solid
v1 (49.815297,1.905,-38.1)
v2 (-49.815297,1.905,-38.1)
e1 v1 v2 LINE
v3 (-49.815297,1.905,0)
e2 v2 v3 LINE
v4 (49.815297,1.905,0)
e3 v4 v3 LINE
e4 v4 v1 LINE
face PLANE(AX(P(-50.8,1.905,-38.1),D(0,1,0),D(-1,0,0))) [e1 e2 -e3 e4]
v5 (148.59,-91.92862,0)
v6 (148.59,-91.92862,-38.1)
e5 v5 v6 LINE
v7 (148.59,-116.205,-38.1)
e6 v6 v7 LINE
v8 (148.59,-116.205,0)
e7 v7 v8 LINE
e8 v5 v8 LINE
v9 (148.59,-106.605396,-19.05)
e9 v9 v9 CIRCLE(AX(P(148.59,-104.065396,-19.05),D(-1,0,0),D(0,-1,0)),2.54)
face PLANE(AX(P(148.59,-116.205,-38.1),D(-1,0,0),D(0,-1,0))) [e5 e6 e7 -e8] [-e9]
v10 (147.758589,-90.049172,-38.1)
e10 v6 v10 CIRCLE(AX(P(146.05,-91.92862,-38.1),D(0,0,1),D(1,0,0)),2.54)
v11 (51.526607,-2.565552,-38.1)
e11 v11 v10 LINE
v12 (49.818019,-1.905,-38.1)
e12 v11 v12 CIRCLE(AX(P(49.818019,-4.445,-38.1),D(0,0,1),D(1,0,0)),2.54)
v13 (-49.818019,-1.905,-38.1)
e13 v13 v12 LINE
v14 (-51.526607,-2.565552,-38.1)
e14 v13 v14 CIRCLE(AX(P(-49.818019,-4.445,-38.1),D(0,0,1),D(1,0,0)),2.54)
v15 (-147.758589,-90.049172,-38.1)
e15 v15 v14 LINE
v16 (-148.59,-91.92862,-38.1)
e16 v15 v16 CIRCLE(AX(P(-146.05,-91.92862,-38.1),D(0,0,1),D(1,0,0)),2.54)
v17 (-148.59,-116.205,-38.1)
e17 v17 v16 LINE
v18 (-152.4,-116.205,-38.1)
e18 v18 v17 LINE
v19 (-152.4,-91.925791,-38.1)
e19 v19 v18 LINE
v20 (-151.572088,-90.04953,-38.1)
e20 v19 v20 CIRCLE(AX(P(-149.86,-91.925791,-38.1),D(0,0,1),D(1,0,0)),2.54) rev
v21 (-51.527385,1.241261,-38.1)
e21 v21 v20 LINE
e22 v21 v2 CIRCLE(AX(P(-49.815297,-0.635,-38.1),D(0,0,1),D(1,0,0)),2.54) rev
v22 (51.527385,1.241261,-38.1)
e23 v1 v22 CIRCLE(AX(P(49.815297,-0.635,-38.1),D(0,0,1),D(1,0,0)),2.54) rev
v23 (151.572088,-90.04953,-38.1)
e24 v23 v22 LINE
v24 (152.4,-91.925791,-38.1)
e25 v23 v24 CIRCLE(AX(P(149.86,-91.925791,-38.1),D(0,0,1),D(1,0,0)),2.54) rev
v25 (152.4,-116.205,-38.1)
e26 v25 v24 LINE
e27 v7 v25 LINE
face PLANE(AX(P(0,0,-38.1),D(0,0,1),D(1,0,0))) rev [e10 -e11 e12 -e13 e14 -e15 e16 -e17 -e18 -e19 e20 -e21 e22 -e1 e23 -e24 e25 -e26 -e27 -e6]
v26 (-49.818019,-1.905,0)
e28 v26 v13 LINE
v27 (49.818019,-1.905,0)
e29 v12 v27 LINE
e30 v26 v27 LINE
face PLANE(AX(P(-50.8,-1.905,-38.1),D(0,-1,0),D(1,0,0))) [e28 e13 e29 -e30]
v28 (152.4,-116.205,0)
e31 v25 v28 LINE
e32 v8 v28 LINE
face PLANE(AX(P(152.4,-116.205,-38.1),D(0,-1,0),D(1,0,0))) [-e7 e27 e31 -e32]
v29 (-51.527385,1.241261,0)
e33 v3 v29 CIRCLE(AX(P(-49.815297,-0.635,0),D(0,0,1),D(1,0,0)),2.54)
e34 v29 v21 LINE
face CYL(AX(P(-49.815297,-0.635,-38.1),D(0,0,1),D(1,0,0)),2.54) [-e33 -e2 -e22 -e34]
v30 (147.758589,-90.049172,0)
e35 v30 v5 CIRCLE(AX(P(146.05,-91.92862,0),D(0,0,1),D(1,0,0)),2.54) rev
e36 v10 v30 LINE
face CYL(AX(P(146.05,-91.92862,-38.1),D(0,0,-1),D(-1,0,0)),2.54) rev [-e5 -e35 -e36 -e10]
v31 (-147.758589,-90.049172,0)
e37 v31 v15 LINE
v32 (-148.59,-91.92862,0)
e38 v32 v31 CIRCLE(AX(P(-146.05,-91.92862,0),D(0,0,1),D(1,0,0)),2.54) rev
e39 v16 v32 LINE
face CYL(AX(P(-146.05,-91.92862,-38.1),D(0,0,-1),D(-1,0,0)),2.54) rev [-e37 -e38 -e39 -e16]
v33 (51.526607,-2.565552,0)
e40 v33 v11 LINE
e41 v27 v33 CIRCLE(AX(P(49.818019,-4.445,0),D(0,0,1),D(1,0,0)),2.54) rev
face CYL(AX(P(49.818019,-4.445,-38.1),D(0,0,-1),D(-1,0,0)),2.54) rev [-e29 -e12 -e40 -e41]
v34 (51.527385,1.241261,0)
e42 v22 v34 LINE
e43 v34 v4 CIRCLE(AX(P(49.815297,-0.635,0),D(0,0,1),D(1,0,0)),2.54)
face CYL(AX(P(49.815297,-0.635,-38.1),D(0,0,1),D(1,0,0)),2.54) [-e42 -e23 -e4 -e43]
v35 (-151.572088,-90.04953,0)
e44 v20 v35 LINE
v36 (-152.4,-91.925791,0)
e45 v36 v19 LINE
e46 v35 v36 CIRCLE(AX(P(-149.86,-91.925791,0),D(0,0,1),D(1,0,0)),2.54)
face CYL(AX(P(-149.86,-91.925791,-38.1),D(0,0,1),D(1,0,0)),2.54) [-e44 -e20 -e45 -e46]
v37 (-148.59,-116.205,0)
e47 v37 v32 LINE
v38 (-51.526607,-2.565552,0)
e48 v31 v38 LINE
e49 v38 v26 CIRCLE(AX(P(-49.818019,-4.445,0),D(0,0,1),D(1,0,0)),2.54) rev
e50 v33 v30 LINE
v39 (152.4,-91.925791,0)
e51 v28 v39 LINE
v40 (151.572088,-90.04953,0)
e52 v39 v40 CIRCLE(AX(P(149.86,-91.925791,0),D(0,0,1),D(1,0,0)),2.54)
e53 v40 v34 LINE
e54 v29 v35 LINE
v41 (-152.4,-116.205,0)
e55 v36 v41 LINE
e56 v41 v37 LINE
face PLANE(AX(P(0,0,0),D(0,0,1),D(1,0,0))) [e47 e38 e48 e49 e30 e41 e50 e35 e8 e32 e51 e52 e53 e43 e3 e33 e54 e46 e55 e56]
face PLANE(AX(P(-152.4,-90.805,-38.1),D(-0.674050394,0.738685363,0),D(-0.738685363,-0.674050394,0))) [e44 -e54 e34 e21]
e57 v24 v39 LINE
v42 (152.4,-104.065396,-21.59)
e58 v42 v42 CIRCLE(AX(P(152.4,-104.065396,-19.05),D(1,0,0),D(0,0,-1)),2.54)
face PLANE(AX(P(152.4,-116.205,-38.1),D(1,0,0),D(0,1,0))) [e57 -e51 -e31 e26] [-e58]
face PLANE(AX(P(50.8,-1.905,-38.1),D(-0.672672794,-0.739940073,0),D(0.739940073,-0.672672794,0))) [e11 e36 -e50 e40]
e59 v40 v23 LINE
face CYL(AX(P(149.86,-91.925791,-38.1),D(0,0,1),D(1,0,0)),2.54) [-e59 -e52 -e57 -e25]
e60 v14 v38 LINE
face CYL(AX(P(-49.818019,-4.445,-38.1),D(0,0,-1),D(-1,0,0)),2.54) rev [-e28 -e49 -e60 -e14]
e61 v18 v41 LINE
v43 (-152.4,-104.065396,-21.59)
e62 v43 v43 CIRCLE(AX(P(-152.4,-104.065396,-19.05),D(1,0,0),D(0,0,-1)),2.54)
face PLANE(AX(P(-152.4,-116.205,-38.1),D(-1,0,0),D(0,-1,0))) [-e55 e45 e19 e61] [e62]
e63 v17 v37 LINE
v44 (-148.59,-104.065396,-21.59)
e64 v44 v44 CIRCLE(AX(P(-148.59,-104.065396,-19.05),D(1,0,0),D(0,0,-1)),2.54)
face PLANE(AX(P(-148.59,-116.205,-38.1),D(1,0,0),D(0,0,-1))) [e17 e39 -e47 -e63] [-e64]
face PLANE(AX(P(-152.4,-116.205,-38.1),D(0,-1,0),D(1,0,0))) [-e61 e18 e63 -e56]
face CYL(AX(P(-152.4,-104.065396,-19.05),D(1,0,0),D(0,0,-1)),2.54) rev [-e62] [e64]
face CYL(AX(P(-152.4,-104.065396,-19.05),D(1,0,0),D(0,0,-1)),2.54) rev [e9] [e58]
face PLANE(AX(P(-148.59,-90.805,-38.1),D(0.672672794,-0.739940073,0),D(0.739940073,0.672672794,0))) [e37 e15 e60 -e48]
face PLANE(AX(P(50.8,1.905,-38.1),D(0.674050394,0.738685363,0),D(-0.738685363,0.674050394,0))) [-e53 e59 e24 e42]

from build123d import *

# Parameters (mm, degrees)
BOSS_EXTRUDE1_DEPTH = 38.1
FILLET1_R           = 2.54
SKETCH2_R           = 2.54
CUT_EXTRUDE1_DEPTH  = 329.417801017


with BuildPart() as part:
    # Sketch1 → Boss-Extrude1 (new body)
    with BuildSketch(Plane.XY):
        Polygon((-50.8, -1.905), (50.8, -1.905), (148.59, -90.805), (148.59, -116.205), (152.4, -116.205), (152.4, -90.805), (50.8, 1.905), (-50.8, 1.905), (-152.4, -90.805), (-152.4, -116.205), (-148.59, -116.205), (-148.59, -90.805), align=None)
    extrude(amount=-BOSS_EXTRUDE1_DEPTH)

    # Fillet1
    fillet1_edges = [part.edges().sort_by_distance(p)[0] for p in [
        (152.4, -90.805, -19.05),
        (148.59, -90.805, -19.05),
        (50.8, -1.905, -19.05),
        (-50.8, -1.905, -19.05),
        (-148.59, -90.805, -19.05),
        (-152.4, -90.805, -19.05),
        (-50.8, 1.905, -19.05),
        (50.8, 1.905, -19.05),
    ]]
    fillet(fillet1_edges, radius=FILLET1_R)

    # Sketch2 → Cut-Extrude1 (cut, through all)
    with BuildSketch(Plane(origin=(152.4, 0, 0), x_dir=(0, 0, -1), z_dir=(1, 0, 0))):
        with Locations((19.05, -104.065395562)):
            Circle(SKETCH2_R)
    extrude(amount=-CUT_EXTRUDE1_DEPTH, mode=Mode.SUBTRACT)


solid = part.part
